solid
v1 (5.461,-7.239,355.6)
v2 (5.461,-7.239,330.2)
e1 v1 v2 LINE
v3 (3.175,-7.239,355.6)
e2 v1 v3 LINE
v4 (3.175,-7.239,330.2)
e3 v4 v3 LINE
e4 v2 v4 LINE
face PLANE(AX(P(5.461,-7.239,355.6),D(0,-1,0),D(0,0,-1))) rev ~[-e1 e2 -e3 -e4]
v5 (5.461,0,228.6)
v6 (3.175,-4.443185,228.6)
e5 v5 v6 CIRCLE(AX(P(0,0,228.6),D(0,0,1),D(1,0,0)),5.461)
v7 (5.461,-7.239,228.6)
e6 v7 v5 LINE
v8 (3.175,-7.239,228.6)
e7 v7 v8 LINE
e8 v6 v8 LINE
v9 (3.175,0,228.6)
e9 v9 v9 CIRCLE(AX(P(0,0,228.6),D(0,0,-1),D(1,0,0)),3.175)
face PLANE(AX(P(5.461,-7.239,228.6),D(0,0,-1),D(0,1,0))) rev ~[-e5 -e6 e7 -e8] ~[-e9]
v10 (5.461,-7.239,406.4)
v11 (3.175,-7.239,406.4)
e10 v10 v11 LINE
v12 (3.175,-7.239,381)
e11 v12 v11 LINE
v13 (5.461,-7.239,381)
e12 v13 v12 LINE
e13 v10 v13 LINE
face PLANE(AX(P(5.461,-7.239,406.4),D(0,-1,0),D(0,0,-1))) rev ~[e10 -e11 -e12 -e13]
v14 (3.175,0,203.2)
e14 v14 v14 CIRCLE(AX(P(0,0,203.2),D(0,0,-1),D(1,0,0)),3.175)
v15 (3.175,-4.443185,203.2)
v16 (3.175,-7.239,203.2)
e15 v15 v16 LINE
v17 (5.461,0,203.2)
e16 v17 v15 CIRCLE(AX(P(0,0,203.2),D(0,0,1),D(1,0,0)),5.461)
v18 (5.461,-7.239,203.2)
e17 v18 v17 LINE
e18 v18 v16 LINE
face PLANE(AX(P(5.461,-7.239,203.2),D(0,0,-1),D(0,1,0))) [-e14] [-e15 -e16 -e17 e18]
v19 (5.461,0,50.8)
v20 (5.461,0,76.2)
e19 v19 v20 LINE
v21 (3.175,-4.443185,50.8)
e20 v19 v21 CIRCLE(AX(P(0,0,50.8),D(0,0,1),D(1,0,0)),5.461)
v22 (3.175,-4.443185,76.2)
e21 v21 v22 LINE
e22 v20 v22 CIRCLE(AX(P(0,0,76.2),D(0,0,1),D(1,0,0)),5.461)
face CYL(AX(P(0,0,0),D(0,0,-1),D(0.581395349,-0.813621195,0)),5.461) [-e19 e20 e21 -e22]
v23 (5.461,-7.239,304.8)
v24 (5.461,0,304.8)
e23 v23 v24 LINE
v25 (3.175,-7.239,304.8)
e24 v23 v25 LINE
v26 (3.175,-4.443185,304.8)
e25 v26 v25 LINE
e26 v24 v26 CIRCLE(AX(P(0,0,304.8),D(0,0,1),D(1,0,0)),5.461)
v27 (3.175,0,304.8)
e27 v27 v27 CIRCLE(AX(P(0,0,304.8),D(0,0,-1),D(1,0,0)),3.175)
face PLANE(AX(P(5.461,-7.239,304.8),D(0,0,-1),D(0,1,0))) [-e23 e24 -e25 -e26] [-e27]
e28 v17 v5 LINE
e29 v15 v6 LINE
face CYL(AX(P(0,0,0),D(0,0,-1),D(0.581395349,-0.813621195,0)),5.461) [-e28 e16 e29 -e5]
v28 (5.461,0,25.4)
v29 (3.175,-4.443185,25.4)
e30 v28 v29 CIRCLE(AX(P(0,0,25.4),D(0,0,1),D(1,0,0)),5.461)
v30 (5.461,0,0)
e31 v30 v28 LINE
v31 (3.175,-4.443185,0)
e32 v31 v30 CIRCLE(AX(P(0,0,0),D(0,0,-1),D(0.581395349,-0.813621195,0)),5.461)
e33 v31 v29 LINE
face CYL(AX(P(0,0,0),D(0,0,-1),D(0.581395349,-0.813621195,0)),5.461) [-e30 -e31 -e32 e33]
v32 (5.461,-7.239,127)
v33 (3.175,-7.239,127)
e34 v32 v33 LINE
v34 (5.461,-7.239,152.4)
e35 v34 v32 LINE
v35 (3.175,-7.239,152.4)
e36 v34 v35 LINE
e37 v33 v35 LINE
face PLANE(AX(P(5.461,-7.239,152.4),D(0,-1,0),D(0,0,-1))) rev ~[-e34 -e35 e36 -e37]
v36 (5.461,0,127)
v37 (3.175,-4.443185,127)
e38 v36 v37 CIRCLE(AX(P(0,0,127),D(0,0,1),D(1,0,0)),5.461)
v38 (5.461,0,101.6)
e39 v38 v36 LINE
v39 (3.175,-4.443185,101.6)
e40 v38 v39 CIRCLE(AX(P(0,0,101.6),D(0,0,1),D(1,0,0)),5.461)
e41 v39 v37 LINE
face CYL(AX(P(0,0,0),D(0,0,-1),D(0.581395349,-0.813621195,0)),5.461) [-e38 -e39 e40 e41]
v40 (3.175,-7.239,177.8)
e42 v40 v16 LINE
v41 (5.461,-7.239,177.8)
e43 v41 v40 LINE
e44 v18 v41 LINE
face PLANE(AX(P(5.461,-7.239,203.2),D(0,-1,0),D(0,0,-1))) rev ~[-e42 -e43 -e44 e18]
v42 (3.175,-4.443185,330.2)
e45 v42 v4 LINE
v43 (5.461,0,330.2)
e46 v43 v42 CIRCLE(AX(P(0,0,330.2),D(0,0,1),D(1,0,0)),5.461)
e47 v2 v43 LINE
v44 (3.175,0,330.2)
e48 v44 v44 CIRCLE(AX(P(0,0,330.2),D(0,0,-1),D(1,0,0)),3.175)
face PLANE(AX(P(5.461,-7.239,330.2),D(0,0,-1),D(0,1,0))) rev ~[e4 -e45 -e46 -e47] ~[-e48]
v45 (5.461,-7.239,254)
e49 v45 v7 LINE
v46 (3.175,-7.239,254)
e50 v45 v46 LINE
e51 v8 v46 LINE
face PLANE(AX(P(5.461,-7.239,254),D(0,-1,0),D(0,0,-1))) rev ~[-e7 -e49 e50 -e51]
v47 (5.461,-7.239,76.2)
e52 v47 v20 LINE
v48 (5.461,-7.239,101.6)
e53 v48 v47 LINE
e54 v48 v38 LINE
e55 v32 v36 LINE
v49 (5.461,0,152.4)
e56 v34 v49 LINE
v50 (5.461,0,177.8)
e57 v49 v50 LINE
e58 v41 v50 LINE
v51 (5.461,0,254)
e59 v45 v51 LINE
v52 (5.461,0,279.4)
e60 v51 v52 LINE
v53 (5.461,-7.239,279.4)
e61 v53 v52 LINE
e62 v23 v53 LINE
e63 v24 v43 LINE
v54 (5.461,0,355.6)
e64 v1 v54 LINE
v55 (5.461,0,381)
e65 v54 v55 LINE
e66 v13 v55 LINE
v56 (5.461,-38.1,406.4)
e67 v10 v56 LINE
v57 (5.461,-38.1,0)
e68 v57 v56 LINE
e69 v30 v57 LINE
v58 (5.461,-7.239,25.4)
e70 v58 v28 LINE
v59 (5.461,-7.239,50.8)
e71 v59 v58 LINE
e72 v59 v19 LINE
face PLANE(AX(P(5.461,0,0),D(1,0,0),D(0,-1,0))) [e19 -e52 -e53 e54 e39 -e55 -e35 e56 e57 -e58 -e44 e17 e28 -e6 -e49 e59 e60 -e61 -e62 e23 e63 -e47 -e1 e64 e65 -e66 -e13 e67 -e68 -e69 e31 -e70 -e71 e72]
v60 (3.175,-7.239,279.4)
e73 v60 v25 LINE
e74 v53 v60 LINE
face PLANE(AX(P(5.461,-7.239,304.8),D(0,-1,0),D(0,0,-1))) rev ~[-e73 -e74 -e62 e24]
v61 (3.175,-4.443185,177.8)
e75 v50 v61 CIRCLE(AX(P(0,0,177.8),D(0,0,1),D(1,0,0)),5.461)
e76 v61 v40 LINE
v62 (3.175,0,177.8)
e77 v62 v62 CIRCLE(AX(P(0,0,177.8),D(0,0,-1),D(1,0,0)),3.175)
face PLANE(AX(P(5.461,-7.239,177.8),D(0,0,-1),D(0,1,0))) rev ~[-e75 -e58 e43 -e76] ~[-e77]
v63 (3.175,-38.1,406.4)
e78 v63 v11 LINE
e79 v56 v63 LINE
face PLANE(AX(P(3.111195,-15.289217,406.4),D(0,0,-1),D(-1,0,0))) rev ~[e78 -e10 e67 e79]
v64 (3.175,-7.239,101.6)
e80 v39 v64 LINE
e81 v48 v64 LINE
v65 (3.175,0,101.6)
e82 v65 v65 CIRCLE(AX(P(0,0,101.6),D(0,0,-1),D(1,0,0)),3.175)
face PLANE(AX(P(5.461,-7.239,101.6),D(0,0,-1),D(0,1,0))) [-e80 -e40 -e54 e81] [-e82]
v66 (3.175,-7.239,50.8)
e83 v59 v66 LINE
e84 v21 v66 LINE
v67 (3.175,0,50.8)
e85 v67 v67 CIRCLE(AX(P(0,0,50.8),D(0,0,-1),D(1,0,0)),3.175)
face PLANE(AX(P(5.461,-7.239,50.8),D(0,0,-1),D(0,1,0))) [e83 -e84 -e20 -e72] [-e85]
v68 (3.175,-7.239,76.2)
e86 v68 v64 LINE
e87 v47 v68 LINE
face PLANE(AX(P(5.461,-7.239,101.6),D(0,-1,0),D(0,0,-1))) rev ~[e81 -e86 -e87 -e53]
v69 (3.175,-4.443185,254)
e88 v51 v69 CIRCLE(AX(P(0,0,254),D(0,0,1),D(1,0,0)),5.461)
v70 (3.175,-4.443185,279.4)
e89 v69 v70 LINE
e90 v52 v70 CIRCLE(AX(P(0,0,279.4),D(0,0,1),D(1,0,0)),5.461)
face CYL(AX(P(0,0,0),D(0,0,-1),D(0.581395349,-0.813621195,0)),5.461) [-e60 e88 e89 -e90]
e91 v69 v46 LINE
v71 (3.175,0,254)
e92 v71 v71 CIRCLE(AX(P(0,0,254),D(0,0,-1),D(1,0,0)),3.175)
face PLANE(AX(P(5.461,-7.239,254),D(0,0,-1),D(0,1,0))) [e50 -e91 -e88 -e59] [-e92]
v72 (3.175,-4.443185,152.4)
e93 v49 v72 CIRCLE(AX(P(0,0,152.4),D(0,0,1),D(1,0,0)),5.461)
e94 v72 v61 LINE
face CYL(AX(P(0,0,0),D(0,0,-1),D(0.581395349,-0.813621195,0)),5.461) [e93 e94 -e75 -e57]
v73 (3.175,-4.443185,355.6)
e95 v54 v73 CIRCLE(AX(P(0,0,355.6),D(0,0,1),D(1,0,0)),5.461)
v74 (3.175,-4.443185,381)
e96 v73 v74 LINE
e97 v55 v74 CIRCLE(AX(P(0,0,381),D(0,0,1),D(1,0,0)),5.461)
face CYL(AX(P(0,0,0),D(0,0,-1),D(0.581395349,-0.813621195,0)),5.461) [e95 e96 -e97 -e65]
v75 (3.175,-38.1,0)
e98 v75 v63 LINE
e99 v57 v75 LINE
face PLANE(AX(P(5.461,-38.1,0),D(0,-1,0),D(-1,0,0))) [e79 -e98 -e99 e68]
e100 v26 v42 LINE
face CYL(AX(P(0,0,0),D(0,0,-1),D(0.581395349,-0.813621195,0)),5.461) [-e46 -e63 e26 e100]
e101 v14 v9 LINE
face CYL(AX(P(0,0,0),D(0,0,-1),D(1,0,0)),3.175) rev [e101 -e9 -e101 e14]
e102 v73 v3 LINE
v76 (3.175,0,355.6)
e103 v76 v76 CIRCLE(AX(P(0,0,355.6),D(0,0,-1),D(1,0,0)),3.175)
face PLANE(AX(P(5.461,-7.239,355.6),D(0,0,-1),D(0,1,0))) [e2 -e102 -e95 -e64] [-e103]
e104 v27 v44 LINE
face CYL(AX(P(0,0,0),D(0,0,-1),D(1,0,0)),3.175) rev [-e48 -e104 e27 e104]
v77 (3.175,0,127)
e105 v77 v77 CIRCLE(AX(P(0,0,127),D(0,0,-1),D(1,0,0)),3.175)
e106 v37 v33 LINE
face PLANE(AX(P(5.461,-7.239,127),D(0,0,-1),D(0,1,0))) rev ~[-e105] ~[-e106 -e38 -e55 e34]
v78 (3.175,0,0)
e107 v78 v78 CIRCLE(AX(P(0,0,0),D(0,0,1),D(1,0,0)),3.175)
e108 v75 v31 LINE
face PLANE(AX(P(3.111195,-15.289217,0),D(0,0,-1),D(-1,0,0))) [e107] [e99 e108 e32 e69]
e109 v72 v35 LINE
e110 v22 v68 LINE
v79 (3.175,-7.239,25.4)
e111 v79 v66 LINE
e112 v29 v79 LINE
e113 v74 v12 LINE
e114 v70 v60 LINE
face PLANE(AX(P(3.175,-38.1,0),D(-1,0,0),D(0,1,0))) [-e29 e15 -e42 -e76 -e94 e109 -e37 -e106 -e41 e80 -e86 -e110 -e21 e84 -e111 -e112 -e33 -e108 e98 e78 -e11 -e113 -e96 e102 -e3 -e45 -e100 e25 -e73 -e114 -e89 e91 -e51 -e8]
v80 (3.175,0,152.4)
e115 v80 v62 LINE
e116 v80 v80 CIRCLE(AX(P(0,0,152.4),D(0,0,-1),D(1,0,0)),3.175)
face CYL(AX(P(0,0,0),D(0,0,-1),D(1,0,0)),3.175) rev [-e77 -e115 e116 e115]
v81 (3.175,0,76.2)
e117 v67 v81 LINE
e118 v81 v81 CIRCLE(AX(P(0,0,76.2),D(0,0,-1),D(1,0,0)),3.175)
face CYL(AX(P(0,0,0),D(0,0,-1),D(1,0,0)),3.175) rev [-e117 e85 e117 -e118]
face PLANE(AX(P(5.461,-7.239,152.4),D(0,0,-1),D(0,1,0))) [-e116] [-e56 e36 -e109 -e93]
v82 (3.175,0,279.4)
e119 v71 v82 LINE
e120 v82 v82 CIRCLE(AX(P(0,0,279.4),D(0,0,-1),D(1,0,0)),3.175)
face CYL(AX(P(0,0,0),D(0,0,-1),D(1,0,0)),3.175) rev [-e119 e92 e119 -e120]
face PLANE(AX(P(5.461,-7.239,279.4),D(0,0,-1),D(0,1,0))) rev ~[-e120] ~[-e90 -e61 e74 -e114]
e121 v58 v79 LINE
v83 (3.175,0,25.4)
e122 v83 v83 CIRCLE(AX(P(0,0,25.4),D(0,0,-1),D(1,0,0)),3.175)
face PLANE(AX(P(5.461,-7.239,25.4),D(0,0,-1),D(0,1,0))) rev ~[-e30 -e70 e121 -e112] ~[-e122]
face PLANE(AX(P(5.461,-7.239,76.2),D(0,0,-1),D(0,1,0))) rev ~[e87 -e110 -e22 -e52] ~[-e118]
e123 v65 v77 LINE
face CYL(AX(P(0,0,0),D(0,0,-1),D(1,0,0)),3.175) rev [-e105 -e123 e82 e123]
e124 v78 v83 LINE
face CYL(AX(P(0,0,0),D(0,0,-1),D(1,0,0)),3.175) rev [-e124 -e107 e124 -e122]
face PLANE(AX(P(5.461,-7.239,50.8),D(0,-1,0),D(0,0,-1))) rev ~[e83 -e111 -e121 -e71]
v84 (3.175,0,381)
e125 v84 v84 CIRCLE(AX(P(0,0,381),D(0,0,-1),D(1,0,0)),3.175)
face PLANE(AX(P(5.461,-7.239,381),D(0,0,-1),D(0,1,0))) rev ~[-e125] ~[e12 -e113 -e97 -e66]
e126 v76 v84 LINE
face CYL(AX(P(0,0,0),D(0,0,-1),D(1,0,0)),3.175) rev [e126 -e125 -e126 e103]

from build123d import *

# Parameters (mm, degrees)
SKETCH1_R           = 3.175
BOSS_EXTRUDE1_DEPTH = 406.4
SKETCH2_W           = 25.4
SKETCH2_H           = 12.7
CUT_EXTRUDE1_DEPTH  = 11.922
LPATTERN1_COUNT     = 8
LPATTERN1_PITCH     = 50.8


with BuildPart() as part:
    # Sketch1 → Boss-Extrude1 (new body)
    with BuildSketch(Plane.XY):
        with BuildLine():
            Line((5.461, 0), (5.461, -38.1))
            Line((5.461, -38.1), (3.175, -38.1))
            Line((3.175, -38.1), (3.175, -4.443185344))
            ThreePointArc((3.175, -4.443185344), (-4.855985791, 2.498384078), (5.461, 0))
        make_face()
        Circle(SKETCH1_R, mode=Mode.SUBTRACT)
    extrude(amount=BOSS_EXTRUDE1_DEPTH)

    # Sketch2 → Cut-Extrude1 (cut, through all)
    with BuildSketch(Plane(origin=(5.461, 0, 0), x_dir=(0, 0, -1), z_dir=(1, 0, 0))):
        with Locations((-393.7, -0.889)):
            Rectangle(SKETCH2_W, SKETCH2_H)
    cut_extrude1 = extrude(amount=-CUT_EXTRUDE1_DEPTH, mode=Mode.SUBTRACT)

    # LPattern1: Cut-Extrude1 ×8
    with Locations(*[(0, 0, -i * LPATTERN1_PITCH) for i in range(1, LPATTERN1_COUNT)]):
        add(cut_extrude1, mode=Mode.SUBTRACT)


solid = part.part
